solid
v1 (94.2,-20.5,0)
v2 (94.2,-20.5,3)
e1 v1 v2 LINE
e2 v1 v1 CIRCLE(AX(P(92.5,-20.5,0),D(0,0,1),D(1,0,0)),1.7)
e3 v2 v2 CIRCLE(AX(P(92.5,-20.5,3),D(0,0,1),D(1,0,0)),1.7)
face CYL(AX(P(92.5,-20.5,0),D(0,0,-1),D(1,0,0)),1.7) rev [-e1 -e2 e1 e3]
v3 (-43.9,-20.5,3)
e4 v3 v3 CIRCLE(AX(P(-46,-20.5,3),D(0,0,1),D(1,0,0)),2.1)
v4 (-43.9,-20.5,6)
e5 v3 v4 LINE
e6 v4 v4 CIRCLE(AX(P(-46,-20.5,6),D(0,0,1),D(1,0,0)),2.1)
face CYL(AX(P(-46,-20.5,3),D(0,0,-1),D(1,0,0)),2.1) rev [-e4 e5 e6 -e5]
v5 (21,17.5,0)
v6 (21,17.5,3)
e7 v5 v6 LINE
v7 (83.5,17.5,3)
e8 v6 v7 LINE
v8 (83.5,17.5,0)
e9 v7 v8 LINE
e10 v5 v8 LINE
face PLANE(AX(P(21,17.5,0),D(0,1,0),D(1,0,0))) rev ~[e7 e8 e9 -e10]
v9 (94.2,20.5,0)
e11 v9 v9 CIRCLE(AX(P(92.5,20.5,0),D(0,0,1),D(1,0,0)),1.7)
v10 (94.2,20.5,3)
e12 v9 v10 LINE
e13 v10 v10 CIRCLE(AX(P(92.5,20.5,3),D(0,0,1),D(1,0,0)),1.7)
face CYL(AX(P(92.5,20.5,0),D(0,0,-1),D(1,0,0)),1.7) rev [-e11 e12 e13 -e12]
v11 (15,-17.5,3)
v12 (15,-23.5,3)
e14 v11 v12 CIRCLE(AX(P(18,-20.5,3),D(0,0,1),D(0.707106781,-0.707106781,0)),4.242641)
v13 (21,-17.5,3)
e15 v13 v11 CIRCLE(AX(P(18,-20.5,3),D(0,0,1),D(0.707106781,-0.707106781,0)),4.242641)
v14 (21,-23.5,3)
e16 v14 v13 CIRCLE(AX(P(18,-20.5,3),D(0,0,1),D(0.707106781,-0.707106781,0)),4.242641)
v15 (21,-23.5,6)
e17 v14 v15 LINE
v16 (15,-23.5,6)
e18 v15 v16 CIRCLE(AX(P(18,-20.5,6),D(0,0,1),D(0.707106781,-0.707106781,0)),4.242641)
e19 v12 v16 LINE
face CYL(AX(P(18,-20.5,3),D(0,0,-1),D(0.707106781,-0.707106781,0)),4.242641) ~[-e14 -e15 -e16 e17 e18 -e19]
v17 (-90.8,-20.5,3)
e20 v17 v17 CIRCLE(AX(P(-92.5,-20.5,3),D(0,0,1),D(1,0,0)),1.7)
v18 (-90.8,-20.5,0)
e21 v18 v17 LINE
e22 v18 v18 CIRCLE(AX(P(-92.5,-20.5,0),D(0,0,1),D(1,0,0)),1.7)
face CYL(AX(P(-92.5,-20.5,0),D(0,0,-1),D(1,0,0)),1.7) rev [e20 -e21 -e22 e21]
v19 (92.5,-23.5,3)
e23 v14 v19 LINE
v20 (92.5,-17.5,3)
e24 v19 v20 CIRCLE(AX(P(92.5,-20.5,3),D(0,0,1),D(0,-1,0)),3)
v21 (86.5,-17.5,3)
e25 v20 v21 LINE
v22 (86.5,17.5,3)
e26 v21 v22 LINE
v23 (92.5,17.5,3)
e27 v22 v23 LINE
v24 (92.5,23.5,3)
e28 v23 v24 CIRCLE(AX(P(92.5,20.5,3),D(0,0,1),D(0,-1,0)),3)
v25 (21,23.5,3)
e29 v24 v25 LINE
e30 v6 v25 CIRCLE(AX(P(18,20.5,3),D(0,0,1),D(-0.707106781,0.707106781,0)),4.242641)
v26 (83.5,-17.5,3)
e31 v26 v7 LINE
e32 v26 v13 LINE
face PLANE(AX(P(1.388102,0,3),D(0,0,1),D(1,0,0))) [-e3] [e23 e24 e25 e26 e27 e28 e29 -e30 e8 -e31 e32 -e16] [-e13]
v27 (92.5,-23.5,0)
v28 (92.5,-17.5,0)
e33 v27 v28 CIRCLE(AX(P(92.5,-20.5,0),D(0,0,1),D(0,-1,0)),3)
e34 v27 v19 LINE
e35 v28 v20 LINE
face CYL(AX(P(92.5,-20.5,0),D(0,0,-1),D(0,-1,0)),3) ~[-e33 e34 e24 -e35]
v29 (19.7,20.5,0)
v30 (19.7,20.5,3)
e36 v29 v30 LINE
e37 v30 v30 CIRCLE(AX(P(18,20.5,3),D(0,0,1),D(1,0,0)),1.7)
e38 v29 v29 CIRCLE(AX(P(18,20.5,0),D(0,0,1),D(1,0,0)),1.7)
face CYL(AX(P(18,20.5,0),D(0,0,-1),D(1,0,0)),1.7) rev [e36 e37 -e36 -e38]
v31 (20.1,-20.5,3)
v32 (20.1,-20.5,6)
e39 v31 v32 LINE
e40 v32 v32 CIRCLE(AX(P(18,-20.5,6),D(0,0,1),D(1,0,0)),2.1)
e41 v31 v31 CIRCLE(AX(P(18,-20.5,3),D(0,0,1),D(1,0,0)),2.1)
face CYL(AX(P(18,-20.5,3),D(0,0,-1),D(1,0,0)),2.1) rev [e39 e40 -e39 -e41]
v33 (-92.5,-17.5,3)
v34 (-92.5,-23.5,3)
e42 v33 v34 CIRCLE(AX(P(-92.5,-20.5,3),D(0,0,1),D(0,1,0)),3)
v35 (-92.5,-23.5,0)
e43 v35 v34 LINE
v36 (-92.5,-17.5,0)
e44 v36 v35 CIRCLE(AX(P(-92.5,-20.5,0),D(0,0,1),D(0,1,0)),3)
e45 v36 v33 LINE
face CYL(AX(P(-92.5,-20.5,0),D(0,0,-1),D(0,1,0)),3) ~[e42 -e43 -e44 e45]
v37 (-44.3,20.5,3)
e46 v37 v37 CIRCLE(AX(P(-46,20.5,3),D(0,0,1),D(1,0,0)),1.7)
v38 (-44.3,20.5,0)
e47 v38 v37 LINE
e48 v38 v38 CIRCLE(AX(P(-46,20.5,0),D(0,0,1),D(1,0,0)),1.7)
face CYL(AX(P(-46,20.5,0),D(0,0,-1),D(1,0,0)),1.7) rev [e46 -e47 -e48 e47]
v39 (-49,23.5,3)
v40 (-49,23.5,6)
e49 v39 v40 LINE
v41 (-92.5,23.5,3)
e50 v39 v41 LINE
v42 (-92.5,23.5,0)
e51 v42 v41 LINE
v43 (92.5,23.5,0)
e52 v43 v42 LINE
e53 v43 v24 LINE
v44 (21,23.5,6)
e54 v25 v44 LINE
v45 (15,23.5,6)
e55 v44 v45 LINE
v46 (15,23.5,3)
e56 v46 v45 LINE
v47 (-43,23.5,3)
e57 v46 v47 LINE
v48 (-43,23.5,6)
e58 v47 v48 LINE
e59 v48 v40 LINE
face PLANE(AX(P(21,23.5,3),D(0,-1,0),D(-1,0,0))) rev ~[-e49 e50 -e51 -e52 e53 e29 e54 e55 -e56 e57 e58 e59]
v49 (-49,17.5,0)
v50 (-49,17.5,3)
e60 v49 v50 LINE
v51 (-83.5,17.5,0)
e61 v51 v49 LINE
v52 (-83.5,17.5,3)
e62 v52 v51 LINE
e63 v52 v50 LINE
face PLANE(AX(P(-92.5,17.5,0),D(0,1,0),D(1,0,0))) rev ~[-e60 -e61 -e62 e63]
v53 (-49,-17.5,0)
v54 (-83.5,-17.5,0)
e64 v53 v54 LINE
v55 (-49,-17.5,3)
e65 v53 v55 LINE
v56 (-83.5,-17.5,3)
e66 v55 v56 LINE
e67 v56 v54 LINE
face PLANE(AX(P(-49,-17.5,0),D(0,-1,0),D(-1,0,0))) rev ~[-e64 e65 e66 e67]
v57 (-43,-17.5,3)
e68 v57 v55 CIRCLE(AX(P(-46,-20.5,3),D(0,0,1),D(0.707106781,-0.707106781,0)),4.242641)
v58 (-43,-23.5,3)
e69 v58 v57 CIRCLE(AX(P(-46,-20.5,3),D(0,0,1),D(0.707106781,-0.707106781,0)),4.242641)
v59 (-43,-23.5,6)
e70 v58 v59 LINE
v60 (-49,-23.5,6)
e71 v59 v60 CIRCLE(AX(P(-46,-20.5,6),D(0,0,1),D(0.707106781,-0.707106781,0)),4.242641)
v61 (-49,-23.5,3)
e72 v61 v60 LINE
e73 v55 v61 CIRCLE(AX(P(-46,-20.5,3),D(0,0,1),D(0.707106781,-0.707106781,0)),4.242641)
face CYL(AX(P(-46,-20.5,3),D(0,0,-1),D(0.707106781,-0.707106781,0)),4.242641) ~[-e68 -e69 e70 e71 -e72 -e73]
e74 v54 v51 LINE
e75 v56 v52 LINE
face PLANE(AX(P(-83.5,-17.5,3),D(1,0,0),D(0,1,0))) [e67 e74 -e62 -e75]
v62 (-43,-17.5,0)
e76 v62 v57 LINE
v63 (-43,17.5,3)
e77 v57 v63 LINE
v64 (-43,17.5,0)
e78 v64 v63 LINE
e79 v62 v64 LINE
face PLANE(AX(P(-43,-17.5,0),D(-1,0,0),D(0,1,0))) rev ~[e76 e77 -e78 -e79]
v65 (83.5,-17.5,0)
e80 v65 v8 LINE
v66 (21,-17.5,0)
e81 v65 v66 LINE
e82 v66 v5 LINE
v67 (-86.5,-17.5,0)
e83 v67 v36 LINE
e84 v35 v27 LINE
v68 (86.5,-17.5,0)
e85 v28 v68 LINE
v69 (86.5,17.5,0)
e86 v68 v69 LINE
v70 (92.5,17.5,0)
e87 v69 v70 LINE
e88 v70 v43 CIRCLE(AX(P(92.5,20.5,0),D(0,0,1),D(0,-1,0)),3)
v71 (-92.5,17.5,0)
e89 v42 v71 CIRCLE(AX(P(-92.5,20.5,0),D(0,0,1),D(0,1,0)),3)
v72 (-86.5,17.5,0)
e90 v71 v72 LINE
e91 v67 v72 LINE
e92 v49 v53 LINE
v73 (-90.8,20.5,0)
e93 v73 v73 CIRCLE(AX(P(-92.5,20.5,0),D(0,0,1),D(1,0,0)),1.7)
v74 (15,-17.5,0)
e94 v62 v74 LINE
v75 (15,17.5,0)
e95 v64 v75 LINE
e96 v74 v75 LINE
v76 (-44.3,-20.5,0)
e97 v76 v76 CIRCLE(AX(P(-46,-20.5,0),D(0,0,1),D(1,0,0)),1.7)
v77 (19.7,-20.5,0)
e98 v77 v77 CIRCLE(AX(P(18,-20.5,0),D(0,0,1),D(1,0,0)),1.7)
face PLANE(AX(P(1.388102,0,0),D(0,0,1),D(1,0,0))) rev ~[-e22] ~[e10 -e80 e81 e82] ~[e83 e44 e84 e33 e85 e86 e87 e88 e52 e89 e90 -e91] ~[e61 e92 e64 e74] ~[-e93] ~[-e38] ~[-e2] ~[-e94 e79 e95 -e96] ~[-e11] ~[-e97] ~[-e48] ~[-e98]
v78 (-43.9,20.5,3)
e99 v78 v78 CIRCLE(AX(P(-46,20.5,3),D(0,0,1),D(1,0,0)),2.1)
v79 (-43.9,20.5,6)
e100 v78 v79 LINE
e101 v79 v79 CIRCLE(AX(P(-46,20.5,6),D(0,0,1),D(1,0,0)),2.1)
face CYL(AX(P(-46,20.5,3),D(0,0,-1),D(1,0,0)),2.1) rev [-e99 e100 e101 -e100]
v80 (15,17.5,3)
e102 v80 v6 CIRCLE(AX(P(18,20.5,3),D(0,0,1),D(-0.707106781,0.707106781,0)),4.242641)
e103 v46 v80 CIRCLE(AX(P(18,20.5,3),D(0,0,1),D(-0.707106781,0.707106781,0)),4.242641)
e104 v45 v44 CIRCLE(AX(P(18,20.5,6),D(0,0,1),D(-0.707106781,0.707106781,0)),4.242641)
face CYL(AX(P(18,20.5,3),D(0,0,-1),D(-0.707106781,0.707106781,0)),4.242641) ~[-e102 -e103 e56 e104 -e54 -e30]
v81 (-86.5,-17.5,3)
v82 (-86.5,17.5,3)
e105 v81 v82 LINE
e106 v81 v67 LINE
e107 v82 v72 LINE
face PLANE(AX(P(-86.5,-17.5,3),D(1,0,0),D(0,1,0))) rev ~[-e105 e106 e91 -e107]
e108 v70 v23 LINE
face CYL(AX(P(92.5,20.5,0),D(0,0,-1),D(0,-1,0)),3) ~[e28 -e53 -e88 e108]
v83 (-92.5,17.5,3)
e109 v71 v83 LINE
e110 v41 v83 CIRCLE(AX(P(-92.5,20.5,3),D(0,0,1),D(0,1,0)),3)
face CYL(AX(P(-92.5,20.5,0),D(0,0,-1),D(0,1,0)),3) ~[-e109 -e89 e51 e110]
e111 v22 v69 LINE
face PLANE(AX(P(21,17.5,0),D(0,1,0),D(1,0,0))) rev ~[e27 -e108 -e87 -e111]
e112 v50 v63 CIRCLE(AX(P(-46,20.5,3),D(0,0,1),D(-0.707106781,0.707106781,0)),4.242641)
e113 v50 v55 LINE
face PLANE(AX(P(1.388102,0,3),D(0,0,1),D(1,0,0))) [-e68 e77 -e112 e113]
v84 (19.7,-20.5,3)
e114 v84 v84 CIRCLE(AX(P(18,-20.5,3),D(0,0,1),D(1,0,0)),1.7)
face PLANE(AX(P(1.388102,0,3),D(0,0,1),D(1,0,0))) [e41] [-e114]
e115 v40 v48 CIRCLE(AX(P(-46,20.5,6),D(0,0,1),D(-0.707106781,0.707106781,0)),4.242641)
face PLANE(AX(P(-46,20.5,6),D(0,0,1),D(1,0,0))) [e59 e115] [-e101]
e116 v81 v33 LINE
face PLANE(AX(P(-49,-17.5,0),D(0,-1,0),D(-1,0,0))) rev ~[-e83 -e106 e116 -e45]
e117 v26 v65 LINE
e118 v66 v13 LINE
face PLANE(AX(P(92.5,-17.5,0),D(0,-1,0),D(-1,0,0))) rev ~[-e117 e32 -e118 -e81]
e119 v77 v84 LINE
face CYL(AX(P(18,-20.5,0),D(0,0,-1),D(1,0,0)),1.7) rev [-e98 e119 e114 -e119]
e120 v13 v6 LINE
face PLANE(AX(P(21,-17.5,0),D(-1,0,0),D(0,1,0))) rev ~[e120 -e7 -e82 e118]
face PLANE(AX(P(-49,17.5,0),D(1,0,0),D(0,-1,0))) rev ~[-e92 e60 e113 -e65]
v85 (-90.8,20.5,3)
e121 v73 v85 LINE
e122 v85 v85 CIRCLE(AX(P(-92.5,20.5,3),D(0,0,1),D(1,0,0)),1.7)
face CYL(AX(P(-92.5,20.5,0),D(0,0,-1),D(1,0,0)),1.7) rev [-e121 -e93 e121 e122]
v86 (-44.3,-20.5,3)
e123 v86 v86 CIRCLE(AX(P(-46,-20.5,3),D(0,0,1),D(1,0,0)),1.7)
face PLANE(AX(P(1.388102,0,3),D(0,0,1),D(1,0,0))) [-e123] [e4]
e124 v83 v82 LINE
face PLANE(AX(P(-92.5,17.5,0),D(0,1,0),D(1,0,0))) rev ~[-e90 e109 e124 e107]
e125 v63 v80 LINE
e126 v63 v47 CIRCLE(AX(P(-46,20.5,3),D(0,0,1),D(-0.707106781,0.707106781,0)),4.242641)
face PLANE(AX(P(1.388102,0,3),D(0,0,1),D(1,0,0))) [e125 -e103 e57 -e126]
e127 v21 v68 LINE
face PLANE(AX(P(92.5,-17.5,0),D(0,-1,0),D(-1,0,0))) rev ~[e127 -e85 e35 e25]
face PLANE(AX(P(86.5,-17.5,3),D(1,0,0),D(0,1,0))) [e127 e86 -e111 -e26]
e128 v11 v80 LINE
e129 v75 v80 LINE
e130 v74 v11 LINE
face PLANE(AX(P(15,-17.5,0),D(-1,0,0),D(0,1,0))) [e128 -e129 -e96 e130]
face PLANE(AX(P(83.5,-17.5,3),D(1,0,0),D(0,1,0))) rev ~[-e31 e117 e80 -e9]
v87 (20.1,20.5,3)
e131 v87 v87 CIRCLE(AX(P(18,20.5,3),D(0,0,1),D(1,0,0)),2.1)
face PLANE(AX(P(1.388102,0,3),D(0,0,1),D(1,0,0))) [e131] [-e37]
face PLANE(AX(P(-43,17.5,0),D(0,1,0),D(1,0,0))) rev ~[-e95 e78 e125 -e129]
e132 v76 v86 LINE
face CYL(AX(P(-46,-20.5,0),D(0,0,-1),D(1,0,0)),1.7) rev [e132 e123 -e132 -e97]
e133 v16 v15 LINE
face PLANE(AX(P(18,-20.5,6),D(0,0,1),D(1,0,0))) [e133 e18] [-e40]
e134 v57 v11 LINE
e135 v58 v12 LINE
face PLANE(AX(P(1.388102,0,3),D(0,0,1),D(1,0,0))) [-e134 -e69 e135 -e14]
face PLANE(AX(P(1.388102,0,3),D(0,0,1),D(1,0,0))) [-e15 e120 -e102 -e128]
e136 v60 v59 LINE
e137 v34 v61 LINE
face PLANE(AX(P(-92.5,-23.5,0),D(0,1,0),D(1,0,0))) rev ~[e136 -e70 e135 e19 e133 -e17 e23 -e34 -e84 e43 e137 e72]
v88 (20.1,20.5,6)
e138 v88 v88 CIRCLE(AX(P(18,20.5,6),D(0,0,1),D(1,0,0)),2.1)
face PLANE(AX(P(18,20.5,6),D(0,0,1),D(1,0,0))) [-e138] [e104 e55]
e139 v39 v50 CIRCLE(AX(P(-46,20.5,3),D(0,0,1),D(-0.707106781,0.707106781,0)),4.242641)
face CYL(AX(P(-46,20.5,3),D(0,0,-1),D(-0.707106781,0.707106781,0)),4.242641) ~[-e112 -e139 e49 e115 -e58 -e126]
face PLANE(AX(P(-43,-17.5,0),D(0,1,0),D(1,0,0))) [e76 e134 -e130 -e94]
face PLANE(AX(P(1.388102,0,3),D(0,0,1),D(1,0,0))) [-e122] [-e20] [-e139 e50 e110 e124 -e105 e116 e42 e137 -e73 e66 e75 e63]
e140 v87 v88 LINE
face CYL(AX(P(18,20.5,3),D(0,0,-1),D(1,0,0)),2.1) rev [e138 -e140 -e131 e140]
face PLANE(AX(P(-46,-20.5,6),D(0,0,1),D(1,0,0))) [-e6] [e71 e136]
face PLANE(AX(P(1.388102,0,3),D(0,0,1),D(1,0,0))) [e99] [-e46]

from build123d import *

# Parameters (mm, degrees)
ESBO_O1_R                = 1.7
ESBO_O1_W                = 58
ESBO_O1_H                = 35
RESSALTO_EXTRUS_O1_DEPTH = 3
ESBO_O2_R                = 2.1
RESSALTO_EXTRUS_O2_DEPTH = 3
ESBO_O3_W                = 3
ESBO_O3_H                = 35
EXTRUS_O_FINA1_DEPTH     = 3


with BuildPart() as part:
    # Esboço1 → Ressalto-extrusão1 (new body)
    with BuildSketch(Plane.XY):
        with BuildLine():
            Line((92.5, 23.5), (-92.5, 23.5))
            ThreePointArc((-92.5, 23.5), (-95.5, 20.5), (-92.5, 17.5))
            Line((-92.5, 17.5), (-49, 17.5))
            Line((-49, 17.5), (-49, -17.5))
            Line((-49, -17.5), (-92.5, -17.5))
            ThreePointArc((-92.5, -17.5), (-95.5, -20.5), (-92.5, -23.5))
            Line((-92.5, -23.5), (92.5, -23.5))
            ThreePointArc((92.5, -23.5), (95.5, -20.5), (92.5, -17.5))
            Line((92.5, -17.5), (21, -17.5))
            Line((21, -17.5), (21, 17.5))
            Line((21, 17.5), (92.5, 17.5))
            ThreePointArc((92.5, 17.5), (95.5, 20.5), (92.5, 23.5))
        make_face()
        with Locations((-92.5, 20.5)):
            Circle(ESBO_O1_R, mode=Mode.SUBTRACT)
        with Locations((92.5, 20.5)):
            Circle(ESBO_O1_R, mode=Mode.SUBTRACT)
        with Locations((18, 20.5)):
            Circle(ESBO_O1_R, mode=Mode.SUBTRACT)
        with Locations((-46, 20.5)):
            Circle(ESBO_O1_R, mode=Mode.SUBTRACT)
        with Locations((-46, -20.5)):
            Circle(ESBO_O1_R, mode=Mode.SUBTRACT)
        with Locations((18, -20.5)):
            Circle(ESBO_O1_R, mode=Mode.SUBTRACT)
        with Locations((92.5, -20.5)):
            Circle(ESBO_O1_R, mode=Mode.SUBTRACT)
        with Locations((-92.5, -20.5)):
            Circle(ESBO_O1_R, mode=Mode.SUBTRACT)
        with Locations((-14, 0)):
            Rectangle(ESBO_O1_W, ESBO_O1_H, mode=Mode.SUBTRACT)
    extrude(amount=RESSALTO_EXTRUS_O1_DEPTH)

    # Esboço2 → Ressalto-extrusão2 (add)
    with BuildSketch(Plane.XY.offset(3)):
        with BuildLine():
            Line((21, 23.5), (15, 23.5))
            ThreePointArc((15, 23.5), (18, 16.257359313), (21, 23.5))
        make_face()
        with Locations((18, 20.5)):
            Circle(ESBO_O2_R, mode=Mode.SUBTRACT)
        with BuildLine():
            Line((-49, -23.5), (-43, -23.5))
            ThreePointArc((-43, -23.5), (-46, -16.257359313), (-49, -23.5))
        make_face()
        with Locations((-46, -20.5)):
            Circle(ESBO_O2_R, mode=Mode.SUBTRACT)
        with BuildLine():
            Line((-43, 23.5), (-49, 23.5))
            ThreePointArc((-49, 23.5), (-46, 16.257359313), (-43, 23.5))
        make_face()
        with Locations((-46, 20.5)):
            Circle(ESBO_O2_R, mode=Mode.SUBTRACT)
        with BuildLine():
            Line((15, -23.5), (21, -23.5))
            ThreePointArc((21, -23.5), (18, -16.257359313), (15, -23.5))
        make_face()
        with Locations((18, -20.5)):
            Circle(ESBO_O2_R, mode=Mode.SUBTRACT)
    extrude(amount=RESSALTO_EXTRUS_O2_DEPTH)

    # Esboço3 → Extrusão-Fina1 (add, through all)
    with BuildSketch(Plane.XY.offset(3)):
        with Locations((-85, 0)):
            Rectangle(ESBO_O3_W, ESBO_O3_H)
        with Locations((85, 0)):
            Rectangle(ESBO_O3_W, ESBO_O3_H)
    extrude(amount=-EXTRUS_O_FINA1_DEPTH)


solid = part.part
